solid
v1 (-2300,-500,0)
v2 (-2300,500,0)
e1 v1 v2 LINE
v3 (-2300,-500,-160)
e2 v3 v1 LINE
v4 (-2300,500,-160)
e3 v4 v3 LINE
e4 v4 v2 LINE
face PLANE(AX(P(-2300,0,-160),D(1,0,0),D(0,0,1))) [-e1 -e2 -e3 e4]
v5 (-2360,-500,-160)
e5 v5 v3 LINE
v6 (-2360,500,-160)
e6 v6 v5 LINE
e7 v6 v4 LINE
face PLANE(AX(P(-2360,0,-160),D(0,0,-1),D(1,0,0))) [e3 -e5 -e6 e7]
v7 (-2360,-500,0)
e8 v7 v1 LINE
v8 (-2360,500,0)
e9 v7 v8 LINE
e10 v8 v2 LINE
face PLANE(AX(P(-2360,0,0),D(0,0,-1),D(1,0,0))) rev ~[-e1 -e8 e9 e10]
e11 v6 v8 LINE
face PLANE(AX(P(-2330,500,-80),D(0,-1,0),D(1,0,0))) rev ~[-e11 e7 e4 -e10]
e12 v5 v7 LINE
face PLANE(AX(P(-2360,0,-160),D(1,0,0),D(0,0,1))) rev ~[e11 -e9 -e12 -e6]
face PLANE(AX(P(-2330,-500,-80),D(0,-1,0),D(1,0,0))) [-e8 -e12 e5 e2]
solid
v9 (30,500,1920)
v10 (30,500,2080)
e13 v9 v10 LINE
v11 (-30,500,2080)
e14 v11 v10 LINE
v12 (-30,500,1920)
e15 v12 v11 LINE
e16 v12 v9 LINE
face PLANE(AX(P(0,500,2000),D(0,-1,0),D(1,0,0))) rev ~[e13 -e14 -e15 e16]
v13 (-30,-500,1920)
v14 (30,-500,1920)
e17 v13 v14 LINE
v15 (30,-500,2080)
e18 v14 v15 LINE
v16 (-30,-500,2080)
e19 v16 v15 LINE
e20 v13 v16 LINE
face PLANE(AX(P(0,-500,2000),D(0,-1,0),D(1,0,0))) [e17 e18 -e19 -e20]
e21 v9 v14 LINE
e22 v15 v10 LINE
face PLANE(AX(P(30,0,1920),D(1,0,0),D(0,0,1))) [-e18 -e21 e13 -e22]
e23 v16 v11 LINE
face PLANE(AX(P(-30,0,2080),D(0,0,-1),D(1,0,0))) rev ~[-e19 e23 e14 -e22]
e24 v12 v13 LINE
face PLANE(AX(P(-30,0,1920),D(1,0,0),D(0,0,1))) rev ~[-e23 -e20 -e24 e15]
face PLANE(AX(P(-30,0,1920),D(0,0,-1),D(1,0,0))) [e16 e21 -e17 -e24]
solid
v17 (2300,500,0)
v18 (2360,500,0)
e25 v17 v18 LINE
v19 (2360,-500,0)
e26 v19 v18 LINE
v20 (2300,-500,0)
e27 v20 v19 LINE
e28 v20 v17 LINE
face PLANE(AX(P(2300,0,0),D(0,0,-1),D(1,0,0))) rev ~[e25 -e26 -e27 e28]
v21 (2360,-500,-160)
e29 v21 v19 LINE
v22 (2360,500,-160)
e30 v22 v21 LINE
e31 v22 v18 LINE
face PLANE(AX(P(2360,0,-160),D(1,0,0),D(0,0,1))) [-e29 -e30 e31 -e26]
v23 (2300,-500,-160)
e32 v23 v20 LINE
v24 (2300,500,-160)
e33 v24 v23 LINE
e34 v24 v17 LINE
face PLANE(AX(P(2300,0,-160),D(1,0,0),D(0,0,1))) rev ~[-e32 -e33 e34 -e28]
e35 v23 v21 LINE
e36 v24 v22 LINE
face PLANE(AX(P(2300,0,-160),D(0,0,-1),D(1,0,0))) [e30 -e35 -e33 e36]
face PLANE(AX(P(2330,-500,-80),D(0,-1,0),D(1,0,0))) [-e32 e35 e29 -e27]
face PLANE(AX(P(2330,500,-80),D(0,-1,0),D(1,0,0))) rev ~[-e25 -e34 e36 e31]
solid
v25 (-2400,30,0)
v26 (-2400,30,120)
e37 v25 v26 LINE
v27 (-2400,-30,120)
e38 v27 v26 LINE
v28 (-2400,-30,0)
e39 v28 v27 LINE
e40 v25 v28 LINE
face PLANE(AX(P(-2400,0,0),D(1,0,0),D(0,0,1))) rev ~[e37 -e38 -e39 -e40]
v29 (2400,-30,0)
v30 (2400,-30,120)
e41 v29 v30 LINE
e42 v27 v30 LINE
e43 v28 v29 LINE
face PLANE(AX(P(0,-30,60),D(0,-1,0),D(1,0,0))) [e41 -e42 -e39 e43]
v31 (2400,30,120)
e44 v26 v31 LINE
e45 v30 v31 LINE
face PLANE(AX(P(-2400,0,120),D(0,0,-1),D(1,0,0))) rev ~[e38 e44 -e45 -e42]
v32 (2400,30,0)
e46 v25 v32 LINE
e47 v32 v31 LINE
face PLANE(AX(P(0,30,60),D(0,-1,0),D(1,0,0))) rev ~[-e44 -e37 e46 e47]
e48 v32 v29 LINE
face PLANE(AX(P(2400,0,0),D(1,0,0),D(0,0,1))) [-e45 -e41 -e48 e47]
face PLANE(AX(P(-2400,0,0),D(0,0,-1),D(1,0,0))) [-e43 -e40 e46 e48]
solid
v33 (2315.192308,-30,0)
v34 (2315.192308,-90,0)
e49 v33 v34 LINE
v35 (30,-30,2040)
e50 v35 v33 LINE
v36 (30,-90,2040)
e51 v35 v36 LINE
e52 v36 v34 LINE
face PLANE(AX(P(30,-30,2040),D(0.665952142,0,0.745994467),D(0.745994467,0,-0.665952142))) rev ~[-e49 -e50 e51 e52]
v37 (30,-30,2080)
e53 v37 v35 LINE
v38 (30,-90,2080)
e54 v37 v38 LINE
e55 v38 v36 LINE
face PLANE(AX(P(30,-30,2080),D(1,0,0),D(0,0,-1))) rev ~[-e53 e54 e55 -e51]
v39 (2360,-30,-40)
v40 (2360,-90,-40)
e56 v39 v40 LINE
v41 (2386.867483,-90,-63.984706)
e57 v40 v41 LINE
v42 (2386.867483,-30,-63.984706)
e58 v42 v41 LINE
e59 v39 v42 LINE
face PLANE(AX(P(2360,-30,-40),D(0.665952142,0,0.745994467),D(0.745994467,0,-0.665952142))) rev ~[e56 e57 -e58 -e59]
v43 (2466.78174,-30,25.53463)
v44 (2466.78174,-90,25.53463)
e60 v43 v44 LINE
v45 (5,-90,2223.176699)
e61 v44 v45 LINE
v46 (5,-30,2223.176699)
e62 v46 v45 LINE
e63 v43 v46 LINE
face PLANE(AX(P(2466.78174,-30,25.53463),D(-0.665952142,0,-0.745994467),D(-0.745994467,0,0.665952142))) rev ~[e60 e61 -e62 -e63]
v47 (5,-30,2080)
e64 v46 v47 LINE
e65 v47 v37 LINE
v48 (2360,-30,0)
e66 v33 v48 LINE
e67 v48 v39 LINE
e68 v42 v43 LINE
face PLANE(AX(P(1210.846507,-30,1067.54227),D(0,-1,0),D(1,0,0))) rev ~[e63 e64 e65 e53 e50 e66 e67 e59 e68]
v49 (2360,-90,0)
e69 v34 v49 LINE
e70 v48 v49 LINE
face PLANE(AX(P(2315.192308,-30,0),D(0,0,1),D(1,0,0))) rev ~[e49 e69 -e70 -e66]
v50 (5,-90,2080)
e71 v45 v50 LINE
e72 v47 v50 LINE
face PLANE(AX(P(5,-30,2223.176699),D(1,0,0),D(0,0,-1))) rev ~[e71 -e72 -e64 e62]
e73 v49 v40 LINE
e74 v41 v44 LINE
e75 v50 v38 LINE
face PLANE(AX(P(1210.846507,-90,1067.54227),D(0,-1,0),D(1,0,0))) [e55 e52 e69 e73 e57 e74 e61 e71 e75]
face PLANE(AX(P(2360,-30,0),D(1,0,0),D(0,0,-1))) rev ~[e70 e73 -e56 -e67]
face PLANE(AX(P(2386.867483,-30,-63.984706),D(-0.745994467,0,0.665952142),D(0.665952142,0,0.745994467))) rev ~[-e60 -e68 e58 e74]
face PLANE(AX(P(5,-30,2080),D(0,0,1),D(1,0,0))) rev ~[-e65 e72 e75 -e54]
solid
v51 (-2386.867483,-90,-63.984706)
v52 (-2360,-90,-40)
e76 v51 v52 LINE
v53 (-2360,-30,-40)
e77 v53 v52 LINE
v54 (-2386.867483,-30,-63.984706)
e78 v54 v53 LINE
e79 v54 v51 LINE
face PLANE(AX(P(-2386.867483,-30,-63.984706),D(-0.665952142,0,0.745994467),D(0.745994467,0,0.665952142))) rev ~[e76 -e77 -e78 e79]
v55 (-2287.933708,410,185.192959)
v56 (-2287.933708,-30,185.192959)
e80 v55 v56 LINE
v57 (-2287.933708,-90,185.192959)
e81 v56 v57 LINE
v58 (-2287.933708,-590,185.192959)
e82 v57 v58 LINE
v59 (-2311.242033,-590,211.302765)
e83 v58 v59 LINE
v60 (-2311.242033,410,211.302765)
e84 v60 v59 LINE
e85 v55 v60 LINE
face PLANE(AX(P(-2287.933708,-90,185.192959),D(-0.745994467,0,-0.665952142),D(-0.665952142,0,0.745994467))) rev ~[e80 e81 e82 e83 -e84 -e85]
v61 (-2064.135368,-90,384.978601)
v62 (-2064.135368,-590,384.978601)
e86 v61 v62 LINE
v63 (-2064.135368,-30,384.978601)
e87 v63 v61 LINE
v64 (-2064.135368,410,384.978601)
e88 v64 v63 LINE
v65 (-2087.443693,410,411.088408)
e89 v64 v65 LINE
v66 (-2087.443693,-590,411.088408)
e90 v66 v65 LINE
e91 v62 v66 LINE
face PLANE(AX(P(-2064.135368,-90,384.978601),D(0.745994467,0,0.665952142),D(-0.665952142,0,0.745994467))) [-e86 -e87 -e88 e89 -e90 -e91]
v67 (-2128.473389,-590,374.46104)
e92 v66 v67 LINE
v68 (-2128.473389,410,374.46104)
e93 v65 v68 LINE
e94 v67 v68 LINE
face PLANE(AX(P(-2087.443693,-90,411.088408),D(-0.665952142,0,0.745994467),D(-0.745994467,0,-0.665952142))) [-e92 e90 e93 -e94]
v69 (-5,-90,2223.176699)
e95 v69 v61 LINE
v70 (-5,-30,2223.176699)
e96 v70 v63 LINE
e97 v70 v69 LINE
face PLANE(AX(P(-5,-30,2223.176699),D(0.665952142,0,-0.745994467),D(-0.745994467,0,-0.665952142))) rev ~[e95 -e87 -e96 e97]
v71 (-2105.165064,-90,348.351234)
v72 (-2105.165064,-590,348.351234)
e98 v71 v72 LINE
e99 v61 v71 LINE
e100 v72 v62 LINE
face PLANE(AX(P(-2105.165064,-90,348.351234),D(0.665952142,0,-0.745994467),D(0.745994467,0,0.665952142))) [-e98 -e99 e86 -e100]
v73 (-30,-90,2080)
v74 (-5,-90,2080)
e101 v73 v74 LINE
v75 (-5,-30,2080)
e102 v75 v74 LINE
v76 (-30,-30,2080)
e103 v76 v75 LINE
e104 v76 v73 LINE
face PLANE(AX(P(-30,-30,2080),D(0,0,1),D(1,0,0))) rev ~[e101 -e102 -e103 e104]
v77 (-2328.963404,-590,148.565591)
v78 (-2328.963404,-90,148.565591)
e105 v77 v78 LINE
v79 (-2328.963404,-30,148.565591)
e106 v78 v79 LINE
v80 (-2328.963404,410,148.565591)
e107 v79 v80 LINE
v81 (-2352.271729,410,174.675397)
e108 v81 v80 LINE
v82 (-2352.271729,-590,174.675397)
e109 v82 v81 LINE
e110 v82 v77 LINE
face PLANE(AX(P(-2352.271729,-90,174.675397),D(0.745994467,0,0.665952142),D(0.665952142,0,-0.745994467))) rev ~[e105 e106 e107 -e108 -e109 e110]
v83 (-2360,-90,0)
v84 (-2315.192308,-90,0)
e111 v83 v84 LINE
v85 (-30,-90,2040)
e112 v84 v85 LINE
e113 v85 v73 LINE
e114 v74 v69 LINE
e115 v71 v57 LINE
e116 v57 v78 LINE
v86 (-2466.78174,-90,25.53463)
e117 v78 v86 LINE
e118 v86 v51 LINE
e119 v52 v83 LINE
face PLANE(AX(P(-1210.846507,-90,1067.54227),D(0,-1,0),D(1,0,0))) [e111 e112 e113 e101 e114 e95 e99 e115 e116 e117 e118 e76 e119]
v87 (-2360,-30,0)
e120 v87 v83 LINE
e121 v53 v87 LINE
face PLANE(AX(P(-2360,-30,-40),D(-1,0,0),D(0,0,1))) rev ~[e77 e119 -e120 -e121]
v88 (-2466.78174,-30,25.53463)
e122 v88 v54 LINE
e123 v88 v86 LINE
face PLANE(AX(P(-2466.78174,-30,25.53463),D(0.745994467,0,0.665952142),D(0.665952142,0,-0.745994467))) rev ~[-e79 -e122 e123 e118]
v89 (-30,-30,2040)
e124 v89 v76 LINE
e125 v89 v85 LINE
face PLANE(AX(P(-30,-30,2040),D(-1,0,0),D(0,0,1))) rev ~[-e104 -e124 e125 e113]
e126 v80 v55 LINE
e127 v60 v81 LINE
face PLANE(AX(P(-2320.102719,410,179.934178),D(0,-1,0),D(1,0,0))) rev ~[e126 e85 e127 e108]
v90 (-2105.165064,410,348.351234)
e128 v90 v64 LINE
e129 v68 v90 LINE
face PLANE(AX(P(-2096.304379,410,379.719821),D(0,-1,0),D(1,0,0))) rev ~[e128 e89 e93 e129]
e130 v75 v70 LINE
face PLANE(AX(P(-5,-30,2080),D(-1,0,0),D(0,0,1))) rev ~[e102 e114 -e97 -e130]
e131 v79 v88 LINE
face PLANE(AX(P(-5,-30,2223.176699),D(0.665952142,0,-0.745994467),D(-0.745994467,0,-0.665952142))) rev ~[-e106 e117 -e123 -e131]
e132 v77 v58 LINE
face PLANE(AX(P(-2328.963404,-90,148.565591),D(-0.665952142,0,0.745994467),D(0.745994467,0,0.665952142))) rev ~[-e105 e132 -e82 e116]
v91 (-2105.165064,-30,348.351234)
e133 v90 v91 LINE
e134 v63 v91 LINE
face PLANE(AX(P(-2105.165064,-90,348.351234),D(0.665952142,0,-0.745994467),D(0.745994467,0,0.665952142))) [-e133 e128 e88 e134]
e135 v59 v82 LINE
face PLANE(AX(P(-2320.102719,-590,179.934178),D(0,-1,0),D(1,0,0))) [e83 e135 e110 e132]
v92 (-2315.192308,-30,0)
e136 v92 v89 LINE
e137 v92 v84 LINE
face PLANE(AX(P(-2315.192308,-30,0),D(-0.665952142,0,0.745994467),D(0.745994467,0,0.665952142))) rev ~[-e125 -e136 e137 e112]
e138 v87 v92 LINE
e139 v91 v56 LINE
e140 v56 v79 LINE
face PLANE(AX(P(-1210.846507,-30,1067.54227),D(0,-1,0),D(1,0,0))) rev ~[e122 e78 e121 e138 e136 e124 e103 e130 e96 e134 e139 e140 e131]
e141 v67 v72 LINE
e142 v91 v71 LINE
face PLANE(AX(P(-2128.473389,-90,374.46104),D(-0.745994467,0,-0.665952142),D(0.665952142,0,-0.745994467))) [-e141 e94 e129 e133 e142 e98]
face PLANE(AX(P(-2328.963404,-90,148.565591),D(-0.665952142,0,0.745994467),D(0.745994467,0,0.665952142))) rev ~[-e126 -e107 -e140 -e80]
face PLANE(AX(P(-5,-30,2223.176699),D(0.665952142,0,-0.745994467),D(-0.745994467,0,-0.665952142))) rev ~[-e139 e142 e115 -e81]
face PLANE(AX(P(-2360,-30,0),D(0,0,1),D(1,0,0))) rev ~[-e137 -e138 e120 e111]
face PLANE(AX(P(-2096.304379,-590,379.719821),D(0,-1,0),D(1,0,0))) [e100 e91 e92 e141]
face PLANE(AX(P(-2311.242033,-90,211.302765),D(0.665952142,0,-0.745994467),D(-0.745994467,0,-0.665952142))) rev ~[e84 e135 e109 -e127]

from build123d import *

# Parameters (mm, degrees)
F0_W     = 4800
F0_H     = 120
F1_DEPTH = 30
F2_W     = 60
F2_H     = 160
F3_DEPTH = 500
F5_DEPTH = 60
F7_DEPTH = 500


with BuildPart() as f1:
    # F0 (on Front) → F1 (new body, symmetric)
    with BuildSketch(Plane.XZ):
        with Locations((0, 60)):
            Rectangle(F0_W, F0_H)
    extrude(amount=F1_DEPTH, both=True)


with BuildPart() as f3:
    # F2 (on Front) → F3 (new body, symmetric)
    with BuildSketch(Plane.XZ):
        with Locations((-2330, -80)):
            Rectangle(F2_W, F2_H)
    extrude(amount=F3_DEPTH, both=True)


with BuildPart() as f3b:
    # F2 (on Front) → F3, piece 2 (new body, symmetric)
    with BuildSketch(Plane.XZ):
        with Locations((2330, -80)):
            Rectangle(F2_W, F2_H)
    extrude(amount=F3_DEPTH, both=True)


with BuildPart() as f3c:
    # F2 (on Front) → F3, piece 3 (new body, symmetric)
    with BuildSketch(Plane.XZ):
        with Locations((0, 2000)):
            Rectangle(F2_W, F2_H)
    extrude(amount=F3_DEPTH, both=True)


with BuildPart() as f5:
    # F4 (on face) → F5 (new body)
    with BuildSketch(Plane.XZ.offset(30)):
        Polygon((-30, 2080), (-5, 2080), (-5, 2223.1766985294), (-2466.7817404663, 25.5346297869), (-2386.8674834211, -63.98470623), (-2360, -40), (-2360, 0), (-2315.1923076923, 0), (-30, 2040), align=None)
    extrude(amount=F5_DEPTH)

    # F6 (on face) → F7 (join, symmetric)
    with BuildSketch(Plane.XZ.offset(90)):
        Polygon((-2328.9634040489, 148.5655910523), (-2287.9337083745, 185.1929588646), (-2311.242033346, 211.3027652029), (-2352.2717290204, 174.6753973905), align=None)
        Polygon((-2128.473388978, 374.4610400035), (-2105.1650640065, 348.3512336652), (-2064.1353683321, 384.9786014776), (-2087.4436933036, 411.0884078159), align=None)
    extrude(amount=F7_DEPTH, both=True)


with BuildPart() as f5b:
    # F4 (on face) → F5, piece 2 (new body)
    with BuildSketch(Plane.XZ.offset(30)):
        Polygon((2360, 0), (2360, -40), (2386.8674834211, -63.98470623), (2466.7817404663, 25.5346297869), (5, 2223.1766985294), (5, 2080), (30, 2080), (30, 2040), (2315.1923076923, 0), align=None)
    extrude(amount=F5_DEPTH)


solid = Compound([f1.part, f3.part, f3b.part, f3c.part, f5.part, f5b.part])
